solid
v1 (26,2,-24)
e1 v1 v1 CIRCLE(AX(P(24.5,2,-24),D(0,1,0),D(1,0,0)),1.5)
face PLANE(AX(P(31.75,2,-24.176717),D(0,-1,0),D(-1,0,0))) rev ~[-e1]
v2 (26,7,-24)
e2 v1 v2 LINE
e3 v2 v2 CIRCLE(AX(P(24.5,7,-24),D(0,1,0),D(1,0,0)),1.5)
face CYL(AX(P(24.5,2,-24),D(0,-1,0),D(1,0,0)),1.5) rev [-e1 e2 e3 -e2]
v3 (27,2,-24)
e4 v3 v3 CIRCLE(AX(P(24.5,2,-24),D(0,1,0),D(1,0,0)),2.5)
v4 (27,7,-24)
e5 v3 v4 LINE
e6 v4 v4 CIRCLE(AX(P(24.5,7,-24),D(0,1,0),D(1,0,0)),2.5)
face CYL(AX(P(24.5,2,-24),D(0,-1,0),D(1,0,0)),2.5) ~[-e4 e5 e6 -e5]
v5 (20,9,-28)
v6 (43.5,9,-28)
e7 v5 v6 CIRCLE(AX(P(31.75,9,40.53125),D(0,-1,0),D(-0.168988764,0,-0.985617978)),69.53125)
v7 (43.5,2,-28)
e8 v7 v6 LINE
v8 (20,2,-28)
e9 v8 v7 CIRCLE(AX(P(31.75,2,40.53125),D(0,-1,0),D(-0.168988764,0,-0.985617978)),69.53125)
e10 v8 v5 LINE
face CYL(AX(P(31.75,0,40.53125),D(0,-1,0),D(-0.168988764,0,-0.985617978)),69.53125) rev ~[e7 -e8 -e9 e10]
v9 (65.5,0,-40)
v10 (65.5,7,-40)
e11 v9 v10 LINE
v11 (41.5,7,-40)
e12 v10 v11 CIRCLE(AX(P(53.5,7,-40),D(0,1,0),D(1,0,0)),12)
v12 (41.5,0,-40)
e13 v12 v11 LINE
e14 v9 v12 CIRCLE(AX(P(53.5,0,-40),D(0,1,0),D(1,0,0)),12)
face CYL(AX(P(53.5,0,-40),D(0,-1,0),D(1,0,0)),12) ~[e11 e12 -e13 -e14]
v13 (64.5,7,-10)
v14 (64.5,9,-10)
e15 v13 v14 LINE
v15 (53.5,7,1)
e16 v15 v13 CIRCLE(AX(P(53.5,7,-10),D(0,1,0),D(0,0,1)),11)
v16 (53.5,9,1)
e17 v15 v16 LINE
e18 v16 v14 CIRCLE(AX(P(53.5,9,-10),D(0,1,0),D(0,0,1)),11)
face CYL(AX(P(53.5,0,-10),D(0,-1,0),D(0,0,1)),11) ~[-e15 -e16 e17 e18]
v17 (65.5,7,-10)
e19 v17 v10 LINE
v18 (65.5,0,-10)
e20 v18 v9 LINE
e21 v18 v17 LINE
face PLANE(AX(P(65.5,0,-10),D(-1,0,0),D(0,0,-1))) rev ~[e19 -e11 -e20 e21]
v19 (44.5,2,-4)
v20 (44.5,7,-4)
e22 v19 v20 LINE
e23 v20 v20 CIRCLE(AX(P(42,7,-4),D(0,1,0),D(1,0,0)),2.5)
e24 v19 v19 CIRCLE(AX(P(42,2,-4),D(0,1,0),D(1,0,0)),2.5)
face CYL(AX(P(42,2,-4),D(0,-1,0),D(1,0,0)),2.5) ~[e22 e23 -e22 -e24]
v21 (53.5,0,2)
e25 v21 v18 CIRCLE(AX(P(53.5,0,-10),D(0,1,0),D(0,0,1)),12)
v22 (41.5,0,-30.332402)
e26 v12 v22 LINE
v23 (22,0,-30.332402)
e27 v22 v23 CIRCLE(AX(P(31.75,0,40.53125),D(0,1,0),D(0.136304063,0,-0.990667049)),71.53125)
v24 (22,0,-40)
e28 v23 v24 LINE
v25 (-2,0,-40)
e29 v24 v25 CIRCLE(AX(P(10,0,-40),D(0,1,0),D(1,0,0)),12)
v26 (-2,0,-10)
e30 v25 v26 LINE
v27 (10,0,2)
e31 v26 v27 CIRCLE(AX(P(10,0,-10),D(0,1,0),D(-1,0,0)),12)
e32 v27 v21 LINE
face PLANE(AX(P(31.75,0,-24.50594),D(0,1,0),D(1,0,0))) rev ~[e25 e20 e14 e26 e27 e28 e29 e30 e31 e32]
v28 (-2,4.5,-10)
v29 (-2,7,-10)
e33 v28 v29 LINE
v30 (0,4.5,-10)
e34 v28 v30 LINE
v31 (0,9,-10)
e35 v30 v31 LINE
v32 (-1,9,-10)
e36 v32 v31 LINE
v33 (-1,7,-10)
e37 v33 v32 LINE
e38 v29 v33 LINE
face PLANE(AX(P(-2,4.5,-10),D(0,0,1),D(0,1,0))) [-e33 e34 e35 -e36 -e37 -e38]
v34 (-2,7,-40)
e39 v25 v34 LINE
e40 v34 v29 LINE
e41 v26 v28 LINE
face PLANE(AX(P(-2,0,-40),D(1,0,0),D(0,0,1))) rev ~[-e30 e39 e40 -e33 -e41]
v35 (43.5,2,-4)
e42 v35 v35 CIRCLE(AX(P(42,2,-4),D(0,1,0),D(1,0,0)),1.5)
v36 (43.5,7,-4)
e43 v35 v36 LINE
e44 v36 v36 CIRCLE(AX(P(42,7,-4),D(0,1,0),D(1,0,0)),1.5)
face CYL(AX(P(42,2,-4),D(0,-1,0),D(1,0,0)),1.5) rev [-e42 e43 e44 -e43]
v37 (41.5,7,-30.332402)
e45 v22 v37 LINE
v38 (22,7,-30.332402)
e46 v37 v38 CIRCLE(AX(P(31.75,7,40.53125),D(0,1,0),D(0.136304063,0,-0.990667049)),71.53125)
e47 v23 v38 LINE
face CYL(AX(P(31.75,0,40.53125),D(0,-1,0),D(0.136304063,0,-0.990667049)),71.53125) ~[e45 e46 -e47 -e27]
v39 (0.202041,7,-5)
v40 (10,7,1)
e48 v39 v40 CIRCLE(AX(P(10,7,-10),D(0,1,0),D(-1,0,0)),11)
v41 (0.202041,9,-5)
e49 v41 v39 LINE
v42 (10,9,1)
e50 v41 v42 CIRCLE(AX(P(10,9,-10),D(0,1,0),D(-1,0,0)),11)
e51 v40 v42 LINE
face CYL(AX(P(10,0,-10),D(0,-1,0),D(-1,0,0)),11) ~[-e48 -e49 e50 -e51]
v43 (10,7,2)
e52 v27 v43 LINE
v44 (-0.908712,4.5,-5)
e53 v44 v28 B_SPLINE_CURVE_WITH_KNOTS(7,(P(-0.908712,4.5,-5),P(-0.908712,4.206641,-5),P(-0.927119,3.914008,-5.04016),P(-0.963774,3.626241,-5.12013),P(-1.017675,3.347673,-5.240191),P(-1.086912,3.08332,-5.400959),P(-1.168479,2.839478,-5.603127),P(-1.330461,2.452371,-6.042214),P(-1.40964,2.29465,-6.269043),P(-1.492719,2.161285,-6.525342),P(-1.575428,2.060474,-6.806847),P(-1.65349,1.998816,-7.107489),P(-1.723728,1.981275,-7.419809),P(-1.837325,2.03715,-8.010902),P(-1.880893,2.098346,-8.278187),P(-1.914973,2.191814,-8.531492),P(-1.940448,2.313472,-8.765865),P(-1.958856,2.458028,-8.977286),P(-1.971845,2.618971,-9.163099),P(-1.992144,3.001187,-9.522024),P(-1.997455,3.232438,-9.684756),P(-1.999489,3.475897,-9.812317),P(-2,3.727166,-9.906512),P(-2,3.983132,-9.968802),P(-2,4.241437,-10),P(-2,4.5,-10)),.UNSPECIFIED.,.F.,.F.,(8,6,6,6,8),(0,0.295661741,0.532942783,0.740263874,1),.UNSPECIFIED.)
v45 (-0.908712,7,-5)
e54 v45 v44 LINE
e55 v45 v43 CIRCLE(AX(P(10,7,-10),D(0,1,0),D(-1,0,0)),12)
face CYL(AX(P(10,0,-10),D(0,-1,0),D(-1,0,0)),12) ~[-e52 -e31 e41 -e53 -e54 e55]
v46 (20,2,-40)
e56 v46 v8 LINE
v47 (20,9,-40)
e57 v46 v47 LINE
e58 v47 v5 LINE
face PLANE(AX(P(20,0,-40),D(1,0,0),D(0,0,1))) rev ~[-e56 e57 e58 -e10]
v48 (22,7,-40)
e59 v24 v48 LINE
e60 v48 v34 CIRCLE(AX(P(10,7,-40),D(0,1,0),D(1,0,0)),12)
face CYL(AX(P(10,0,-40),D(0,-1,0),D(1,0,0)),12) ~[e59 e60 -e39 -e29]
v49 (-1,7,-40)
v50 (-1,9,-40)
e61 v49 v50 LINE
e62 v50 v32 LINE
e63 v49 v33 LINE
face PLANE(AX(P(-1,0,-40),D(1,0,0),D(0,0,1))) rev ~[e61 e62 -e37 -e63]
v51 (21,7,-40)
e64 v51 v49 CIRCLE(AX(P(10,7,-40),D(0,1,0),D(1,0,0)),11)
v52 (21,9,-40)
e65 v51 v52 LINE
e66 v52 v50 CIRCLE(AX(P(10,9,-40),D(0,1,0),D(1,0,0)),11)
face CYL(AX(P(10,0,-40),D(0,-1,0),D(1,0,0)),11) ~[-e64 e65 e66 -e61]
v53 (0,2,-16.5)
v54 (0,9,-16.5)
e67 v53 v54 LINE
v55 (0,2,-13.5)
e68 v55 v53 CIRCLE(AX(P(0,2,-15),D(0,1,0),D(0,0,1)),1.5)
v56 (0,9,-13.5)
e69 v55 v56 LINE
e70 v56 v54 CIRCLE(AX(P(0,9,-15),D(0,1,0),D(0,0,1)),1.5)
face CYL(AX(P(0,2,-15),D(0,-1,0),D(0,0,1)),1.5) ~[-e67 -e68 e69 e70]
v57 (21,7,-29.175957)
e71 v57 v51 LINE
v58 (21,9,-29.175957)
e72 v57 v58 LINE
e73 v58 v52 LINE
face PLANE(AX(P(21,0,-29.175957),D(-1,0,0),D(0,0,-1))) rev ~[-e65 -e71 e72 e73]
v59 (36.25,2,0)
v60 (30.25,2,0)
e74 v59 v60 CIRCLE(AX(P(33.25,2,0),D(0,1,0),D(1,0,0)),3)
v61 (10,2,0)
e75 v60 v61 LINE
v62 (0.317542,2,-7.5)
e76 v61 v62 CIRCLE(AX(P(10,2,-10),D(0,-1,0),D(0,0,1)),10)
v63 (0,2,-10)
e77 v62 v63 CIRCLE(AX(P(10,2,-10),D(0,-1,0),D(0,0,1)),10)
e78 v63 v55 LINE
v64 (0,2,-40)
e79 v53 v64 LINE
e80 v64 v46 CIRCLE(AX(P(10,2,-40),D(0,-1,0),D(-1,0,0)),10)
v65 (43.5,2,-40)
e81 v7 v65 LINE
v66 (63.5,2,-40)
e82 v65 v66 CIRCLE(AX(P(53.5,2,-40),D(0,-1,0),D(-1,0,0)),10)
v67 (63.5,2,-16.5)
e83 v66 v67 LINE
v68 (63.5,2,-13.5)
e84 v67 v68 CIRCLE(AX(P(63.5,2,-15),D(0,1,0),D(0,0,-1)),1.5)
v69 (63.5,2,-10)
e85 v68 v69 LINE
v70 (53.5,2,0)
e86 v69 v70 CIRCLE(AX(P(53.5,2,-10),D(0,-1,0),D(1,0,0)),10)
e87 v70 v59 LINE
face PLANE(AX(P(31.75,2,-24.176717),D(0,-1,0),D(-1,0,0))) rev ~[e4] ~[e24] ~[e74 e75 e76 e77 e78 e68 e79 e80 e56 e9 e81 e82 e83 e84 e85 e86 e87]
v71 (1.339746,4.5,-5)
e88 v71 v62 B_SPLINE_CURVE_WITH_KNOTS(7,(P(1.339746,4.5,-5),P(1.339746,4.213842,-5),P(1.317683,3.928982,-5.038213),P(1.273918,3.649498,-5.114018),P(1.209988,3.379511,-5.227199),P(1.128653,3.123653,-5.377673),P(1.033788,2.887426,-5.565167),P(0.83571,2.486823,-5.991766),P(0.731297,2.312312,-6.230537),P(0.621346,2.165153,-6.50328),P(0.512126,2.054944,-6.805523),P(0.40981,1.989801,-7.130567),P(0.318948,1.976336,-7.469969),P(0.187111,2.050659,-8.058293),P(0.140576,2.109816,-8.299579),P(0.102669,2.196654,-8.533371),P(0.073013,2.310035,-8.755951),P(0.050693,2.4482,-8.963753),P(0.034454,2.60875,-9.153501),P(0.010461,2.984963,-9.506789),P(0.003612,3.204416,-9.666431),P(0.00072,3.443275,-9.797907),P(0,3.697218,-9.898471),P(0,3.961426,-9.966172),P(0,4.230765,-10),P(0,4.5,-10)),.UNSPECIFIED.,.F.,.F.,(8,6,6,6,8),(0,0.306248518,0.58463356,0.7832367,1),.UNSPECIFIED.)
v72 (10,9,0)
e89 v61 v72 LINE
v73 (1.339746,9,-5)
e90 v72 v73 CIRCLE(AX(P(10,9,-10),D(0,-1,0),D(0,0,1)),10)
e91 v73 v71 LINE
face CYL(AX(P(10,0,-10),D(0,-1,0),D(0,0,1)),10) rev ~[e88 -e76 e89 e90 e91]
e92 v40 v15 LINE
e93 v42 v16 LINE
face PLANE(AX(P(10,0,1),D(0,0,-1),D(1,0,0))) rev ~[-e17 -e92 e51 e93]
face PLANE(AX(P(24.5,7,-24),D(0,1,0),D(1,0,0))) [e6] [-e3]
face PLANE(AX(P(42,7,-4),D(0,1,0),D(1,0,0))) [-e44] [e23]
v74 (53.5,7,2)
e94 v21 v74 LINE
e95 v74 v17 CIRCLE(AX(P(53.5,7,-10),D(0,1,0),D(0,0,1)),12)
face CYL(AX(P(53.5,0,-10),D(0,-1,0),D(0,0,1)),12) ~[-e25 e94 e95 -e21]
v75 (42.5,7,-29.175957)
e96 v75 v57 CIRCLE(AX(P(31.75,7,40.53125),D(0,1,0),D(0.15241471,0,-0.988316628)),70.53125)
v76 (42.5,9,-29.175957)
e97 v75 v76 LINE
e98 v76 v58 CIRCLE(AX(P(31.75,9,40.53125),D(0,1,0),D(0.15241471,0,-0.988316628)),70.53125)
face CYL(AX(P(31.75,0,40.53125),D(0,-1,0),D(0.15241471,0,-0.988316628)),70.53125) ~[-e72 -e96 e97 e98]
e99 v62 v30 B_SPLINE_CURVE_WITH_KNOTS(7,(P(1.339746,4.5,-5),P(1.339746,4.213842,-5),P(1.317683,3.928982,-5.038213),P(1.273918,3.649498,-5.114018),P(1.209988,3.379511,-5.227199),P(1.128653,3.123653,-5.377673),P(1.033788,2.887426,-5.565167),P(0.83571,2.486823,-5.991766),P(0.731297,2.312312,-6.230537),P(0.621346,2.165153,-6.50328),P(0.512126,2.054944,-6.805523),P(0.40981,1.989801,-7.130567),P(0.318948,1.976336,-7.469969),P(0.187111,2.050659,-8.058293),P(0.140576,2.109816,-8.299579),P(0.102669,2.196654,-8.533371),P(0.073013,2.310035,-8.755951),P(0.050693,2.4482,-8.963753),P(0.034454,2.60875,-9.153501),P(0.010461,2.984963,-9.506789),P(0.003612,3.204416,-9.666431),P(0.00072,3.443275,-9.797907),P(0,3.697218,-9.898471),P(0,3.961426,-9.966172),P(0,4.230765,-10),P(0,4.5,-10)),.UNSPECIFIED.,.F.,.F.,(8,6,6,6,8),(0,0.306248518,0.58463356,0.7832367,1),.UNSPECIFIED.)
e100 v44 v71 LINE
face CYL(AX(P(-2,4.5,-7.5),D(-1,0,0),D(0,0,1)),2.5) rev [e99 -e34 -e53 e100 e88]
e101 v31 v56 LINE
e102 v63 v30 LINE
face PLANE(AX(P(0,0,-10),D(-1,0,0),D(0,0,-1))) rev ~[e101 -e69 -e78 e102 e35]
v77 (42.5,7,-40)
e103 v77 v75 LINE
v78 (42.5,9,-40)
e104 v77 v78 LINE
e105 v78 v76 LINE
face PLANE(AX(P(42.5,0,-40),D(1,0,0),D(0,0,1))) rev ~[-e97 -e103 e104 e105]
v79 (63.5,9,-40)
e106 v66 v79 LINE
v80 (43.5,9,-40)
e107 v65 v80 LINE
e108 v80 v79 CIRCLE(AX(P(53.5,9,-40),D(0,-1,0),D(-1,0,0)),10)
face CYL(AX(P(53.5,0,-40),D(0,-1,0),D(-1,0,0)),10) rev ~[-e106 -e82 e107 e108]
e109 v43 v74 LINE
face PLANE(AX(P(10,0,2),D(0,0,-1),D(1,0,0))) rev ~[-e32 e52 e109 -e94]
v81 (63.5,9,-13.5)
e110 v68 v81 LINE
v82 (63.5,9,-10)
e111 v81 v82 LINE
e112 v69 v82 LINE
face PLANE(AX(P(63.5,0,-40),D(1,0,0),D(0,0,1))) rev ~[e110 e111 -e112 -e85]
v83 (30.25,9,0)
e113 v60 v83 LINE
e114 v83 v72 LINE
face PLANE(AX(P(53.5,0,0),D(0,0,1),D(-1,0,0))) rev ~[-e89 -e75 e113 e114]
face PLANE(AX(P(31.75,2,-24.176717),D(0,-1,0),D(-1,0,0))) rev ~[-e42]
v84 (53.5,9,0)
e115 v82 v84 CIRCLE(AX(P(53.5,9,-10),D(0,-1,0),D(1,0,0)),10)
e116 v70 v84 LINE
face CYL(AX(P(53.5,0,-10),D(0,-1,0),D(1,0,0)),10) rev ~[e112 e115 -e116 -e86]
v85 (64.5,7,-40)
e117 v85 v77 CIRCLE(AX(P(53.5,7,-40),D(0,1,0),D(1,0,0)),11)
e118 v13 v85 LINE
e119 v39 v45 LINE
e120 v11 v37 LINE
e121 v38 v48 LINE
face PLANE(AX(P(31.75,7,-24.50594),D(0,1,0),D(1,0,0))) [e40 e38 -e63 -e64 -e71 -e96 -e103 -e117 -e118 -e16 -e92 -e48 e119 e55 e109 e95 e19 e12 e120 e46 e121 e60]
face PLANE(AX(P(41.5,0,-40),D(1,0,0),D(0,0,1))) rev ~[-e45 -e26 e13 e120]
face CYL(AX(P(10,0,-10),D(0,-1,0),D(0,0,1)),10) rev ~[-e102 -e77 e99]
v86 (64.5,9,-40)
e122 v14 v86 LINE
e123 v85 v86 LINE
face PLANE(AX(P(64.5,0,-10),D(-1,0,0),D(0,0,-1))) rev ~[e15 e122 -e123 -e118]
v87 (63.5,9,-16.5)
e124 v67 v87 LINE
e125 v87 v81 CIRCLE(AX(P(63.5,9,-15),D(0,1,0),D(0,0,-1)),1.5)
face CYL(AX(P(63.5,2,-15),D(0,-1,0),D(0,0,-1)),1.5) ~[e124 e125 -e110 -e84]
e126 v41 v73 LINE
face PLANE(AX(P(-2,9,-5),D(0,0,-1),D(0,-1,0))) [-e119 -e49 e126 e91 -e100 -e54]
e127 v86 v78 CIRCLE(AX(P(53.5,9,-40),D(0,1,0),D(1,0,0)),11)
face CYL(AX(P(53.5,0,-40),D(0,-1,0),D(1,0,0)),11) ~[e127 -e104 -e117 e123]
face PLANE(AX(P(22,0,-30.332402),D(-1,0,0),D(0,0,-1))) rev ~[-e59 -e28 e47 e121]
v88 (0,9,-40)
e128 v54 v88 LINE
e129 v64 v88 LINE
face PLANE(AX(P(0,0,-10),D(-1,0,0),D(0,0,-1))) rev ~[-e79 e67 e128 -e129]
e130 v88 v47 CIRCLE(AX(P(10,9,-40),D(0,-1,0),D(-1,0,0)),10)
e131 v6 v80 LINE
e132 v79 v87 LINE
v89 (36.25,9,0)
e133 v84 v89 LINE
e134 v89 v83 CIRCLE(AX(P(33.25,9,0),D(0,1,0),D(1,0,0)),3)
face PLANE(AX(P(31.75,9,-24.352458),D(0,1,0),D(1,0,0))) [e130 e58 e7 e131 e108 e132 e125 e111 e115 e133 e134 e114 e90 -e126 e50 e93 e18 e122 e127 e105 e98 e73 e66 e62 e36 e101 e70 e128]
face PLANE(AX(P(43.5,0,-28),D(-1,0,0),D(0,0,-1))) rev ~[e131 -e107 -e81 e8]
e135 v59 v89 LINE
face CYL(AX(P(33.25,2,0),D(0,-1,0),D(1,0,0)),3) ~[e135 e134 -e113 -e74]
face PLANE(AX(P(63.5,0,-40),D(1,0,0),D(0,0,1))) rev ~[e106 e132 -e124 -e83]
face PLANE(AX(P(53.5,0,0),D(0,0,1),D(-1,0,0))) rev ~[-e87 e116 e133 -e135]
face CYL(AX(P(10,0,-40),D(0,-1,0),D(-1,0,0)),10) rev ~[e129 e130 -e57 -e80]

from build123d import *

# Parameters (mm, degrees)
EXTRUDE_1_DEPTH     = 2
EXTRUDE_3_DEPTH     = 9
EXTRUDE_5_DEPTH     = 7
SKETCH_3_R          = 2.5
SKETCH_3_R_2        = 1.5
EXTRUDE_8_DEPTH     = 5
EXTRUDE_9_DEPTH     = 7
CUT_EXTRUDE_2_DEPTH = 5


with BuildPart() as part:
    # 草图1 → 凸台-拉伸1 (new body)
    with BuildSketch(Plane(origin=(0, 0, 0), x_dir=(1, 0, 0), z_dir=(0, 1, 0))):
        with BuildLine():
            Line((0, 28), (0, 40))
            ThreePointArc((0, 40), (10, 50), (20, 40))
            Line((20, 40), (20, 28))
            ThreePointArc((20, 28), (31.75, 29), (43.5, 28))
            Line((43.5, 28), (43.5, 40))
            ThreePointArc((43.5, 40), (53.5, 50), (63.5, 40))
            Line((63.5, 40), (63.5, 28))
            Line((63.5, 28), (63.5, 10))
            ThreePointArc((63.5, 10), (60.571067812, 2.928932188), (53.5, 0))
            Line((53.5, 0), (10, 0))
            ThreePointArc((10, 0), (2.928932188, 2.928932188), (0, 10))
            Line((0, 10), (0, 28))
        make_face()
    extrude(amount=EXTRUDE_1_DEPTH)

    # 草图1<4> → 凸台-拉伸3 (add)
    with BuildSketch(Plane(origin=(0, 0, 0), x_dir=(1, 0, 0), z_dir=(0, 1, 0))):
        with BuildLine():
            Line((42.5, 40), (42.5, 29.175957135))
            ThreePointArc((42.5, 29.175957135), (31.75, 30), (21, 29.175957135))
            Line((21, 29.175957135), (21, 40))
            ThreePointArc((21, 40), (10, 51), (-1, 40))
            Line((-1, 40), (-1, 28))
            Line((-1, 28), (-1, 10))
            ThreePointArc((-1, 10), (2.221825407, 2.221825407), (10, -1))
            Line((10, -1), (53.5, -1))
            ThreePointArc((53.5, -1), (61.278174593, 2.221825407), (64.5, 10))
            Line((64.5, 10), (64.5, 28))
            Line((64.5, 28), (64.5, 40))
            ThreePointArc((64.5, 40), (53.5, 51), (42.5, 40))
        make_face()
        with BuildLine():
            Line((0, 28), (0, 40))
            ThreePointArc((0, 40), (10, 50), (20, 40))
            Line((20, 40), (20, 28))
            ThreePointArc((20, 28), (31.75, 29), (43.5, 28))
            Line((43.5, 28), (43.5, 40))
            ThreePointArc((43.5, 40), (53.5, 50), (63.5, 40))
            Line((63.5, 40), (63.5, 28))
            Line((63.5, 28), (63.5, 10))
            ThreePointArc((63.5, 10), (60.571067812, 2.928932188), (53.5, 0))
            Line((53.5, 0), (10, 0))
            ThreePointArc((10, 0), (2.928932188, 2.928932188), (0, 10))
            Line((0, 10), (0, 28))
        make_face(mode=Mode.SUBTRACT)
    extrude(amount=EXTRUDE_3_DEPTH)

    # 草图1<6> → 凸台-拉伸5 (add)
    with BuildSketch(Plane(origin=(0, 0, 0), x_dir=(1, 0, 0), z_dir=(0, 1, 0))):
        with BuildLine():
            Line((10, -2), (53.5, -2))
            ThreePointArc((53.5, -2), (61.985281374, 1.514718626), (65.5, 10))
            Line((65.5, 10), (65.5, 28))
            Line((65.5, 28), (65.5, 40))
            ThreePointArc((65.5, 40), (53.5, 52), (41.5, 40))
            Line((41.5, 40), (41.5, 30.332402365))
            ThreePointArc((41.5, 30.332402365), (31.75, 31), (22, 30.332402365))
            Line((22, 30.332402365), (22, 40))
            ThreePointArc((22, 40), (10, 52), (-2, 40))
            Line((-2, 40), (-2, 28))
            Line((-2, 28), (-2, 10))
            ThreePointArc((-2, 10), (1.514718626, 1.514718626), (10, -2))
        make_face()
        with BuildLine():
            Line((42.5, 40), (42.5, 29.175957135))
            ThreePointArc((42.5, 29.175957135), (31.75, 30), (21, 29.175957135))
            Line((21, 29.175957135), (21, 40))
            ThreePointArc((21, 40), (10, 51), (-1, 40))
            Line((-1, 40), (-1, 28))
            Line((-1, 28), (-1, 10))
            ThreePointArc((-1, 10), (2.221825407, 2.221825407), (10, -1))
            Line((10, -1), (53.5, -1))
            ThreePointArc((53.5, -1), (61.278174593, 2.221825407), (64.5, 10))
            Line((64.5, 10), (64.5, 28))
            Line((64.5, 28), (64.5, 40))
            ThreePointArc((64.5, 40), (53.5, 51), (42.5, 40))
        make_face(mode=Mode.SUBTRACT)
    extrude(amount=EXTRUDE_5_DEPTH)

    # 草图3 → 凸台-拉伸8 (add)
    # profile 1 of 2: a face of its own
    with BuildSketch(Plane(origin=(0, 2, 0), x_dir=(1, 0, 0), z_dir=(0, 1, 0))):
        with Locations((24.5, 24)):
            Circle(SKETCH_3_R)
        with Locations((24.5, 24)):
            Circle(SKETCH_3_R_2, mode=Mode.SUBTRACT)
    # profile 2 of 2: a face of its own
    with BuildSketch(Plane(origin=(0, 2, 0), x_dir=(1, 0, 0), z_dir=(0, 1, 0))):
        with Locations((42, 4)):
            Circle(SKETCH_3_R)
        with Locations((42, 4)):
            Circle(SKETCH_3_R_2, mode=Mode.SUBTRACT)
    extrude(amount=EXTRUDE_8_DEPTH)

    # 草图3<7> → 凸台-拉伸9 (add)
    with BuildSketch(Plane(origin=(0, 2, 0), x_dir=(1, 0, 0), z_dir=(0, 1, 0))):
        with BuildLine():
            Line((63.5, 13.5), (63.5, 16.5))
            ThreePointArc((63.5, 16.5), (62, 15), (63.5, 13.5))
        make_face()
        with BuildLine():
            Line((0, 16.5), (0, 13.5))
            ThreePointArc((0, 13.5), (1.5, 15), (0, 16.5))
        make_face()
        with BuildLine():
            ThreePointArc((36.25, 0), (33.25, 3), (30.25, 0))
            Line((30.25, 0), (36.25, 0))
        make_face()
    extrude(amount=EXTRUDE_9_DEPTH)

    # 草图4 → 切除-拉伸2 (cut)
    with BuildSketch(Plane.ZY.offset(2)):
        with BuildLine():
            Line((-10, 4.5), (-10, 9))
            Line((-10, 9), (-5, 9))
            Line((-5, 9), (-5, 4.5))
            ThreePointArc((-5, 4.5), (-7.5, 2), (-10, 4.5))
        make_face()
    extrude(amount=-CUT_EXTRUDE_2_DEPTH, mode=Mode.SUBTRACT)


solid = part.part
